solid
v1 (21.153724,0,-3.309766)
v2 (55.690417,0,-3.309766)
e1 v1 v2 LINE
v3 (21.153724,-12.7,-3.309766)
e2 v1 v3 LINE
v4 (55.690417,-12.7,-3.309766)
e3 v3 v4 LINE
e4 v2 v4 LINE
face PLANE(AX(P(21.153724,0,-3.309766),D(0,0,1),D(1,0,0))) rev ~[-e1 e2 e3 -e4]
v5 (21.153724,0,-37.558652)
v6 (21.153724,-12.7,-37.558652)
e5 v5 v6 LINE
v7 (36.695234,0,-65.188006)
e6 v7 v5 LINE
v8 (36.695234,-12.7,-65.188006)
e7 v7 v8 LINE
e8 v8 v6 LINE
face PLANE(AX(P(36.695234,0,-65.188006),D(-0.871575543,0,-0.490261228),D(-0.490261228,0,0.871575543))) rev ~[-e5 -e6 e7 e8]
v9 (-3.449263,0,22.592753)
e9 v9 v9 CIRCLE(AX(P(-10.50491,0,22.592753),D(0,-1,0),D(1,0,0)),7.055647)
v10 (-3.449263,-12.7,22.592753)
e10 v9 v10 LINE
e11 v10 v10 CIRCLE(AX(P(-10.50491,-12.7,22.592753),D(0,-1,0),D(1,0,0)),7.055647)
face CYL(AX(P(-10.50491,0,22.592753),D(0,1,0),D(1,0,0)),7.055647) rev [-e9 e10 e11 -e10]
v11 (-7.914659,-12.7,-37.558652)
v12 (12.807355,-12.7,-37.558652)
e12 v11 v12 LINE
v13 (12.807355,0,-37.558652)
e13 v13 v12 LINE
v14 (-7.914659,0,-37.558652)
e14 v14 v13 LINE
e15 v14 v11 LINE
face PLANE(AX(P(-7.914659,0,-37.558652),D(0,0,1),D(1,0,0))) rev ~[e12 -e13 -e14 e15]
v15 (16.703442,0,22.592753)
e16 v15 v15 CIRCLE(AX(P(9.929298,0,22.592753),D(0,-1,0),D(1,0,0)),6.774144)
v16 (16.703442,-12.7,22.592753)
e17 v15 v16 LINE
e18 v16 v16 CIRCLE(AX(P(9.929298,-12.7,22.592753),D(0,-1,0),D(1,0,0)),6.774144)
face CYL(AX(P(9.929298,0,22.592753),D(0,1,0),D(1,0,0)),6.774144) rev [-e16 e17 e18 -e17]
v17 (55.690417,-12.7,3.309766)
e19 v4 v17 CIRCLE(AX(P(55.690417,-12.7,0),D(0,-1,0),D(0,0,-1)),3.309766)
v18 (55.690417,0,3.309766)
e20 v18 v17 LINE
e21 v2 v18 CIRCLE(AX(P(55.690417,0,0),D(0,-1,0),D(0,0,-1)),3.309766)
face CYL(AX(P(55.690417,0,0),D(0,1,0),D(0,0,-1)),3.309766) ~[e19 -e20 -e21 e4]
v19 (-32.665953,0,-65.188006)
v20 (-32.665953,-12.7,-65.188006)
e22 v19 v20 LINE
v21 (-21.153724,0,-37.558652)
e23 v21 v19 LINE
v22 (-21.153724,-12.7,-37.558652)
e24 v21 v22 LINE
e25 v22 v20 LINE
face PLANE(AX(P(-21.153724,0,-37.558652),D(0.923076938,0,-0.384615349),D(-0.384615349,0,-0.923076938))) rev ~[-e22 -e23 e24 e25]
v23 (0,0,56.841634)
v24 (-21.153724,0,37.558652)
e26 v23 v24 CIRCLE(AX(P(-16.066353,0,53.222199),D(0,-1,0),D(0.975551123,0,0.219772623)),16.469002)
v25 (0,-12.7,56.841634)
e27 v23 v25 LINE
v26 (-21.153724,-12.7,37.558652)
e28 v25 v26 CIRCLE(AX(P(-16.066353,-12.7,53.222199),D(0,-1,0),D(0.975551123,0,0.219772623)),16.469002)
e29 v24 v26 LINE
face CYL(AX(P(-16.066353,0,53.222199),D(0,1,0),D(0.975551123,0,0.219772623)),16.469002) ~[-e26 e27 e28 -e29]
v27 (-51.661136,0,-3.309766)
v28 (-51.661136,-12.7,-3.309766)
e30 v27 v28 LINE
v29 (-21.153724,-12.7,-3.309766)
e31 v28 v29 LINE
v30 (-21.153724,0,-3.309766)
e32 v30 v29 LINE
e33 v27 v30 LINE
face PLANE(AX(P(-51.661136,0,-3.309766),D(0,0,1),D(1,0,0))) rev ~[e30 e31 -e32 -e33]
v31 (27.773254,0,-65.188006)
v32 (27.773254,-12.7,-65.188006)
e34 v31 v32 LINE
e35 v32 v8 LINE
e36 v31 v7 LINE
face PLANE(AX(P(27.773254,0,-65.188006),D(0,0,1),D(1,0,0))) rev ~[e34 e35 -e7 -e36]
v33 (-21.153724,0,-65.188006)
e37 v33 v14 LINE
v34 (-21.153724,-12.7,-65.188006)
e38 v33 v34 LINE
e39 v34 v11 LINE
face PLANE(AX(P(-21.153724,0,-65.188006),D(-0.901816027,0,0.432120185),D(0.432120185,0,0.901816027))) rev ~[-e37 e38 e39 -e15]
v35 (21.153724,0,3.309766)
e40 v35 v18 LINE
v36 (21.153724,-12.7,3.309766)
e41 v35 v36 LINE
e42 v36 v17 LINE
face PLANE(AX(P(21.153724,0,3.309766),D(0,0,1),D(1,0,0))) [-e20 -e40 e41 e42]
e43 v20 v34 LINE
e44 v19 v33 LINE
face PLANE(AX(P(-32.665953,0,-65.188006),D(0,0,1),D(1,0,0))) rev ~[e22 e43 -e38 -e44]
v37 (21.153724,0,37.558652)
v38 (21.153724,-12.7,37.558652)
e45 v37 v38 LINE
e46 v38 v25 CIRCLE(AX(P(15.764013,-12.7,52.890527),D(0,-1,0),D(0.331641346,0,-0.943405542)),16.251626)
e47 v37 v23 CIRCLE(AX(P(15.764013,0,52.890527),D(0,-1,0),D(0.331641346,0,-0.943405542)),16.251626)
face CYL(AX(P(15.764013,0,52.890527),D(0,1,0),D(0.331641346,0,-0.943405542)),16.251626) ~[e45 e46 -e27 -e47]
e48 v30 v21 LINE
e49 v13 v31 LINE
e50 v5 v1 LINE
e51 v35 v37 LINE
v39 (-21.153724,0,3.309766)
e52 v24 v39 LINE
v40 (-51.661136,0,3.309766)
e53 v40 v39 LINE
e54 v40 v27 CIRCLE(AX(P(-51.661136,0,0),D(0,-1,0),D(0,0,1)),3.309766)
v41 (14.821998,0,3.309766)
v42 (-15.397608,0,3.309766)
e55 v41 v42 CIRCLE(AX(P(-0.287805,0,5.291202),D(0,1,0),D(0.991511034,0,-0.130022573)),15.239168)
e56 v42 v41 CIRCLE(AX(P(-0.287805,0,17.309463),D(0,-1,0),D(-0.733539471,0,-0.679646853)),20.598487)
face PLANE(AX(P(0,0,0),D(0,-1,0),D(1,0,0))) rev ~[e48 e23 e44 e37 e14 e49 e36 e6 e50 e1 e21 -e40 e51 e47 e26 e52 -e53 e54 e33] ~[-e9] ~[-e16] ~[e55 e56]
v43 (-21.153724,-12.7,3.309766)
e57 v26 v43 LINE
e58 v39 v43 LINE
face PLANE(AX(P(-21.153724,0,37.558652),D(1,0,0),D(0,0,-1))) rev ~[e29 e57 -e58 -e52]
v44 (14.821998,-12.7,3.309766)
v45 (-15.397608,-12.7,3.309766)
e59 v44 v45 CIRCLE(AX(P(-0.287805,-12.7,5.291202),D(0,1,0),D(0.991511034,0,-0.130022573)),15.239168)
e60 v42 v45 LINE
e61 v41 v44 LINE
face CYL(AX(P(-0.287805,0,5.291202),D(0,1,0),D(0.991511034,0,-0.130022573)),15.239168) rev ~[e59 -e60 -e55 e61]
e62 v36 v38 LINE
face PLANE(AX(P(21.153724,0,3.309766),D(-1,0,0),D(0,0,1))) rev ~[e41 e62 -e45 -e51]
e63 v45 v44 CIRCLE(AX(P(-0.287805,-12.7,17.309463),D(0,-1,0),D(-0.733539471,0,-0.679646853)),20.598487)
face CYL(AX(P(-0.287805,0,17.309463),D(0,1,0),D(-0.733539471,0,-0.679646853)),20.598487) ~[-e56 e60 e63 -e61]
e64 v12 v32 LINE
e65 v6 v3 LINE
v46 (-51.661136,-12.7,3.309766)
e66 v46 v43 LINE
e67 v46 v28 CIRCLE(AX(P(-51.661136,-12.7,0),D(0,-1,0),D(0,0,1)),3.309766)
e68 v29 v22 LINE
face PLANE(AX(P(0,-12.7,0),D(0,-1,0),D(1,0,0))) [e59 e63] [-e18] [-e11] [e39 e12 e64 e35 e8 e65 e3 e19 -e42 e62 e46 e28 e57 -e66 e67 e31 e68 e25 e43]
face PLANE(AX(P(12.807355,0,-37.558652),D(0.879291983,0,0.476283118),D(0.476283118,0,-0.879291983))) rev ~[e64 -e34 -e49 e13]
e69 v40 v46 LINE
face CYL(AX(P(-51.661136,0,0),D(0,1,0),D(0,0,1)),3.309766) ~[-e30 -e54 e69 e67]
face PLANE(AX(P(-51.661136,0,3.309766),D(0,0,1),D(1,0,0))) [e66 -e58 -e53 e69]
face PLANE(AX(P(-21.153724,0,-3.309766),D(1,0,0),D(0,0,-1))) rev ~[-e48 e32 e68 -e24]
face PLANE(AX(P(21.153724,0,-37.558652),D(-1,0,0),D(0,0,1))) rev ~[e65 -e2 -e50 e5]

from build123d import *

# Parameters (mm, degrees)
F0_R     = 7.0556467167
F0_R_2   = 6.7741439951
F0_W     = 34.5366932452
F0_H     = 6.6195321269
F0_W_2   = 30.5074118078
F1_DEPTH = 12.7


with BuildPart() as f1:
    # F0 (on Front) → F1 (new body)
    with BuildSketch(Plane.XZ):
        Polygon((21.153723821, 3.3097660635), (21.153723821, 37.5586524606), (-21.153723821, 37.5586524606), (-21.153723821, 3.3097660635), (-21.153723821, -3.3097660635), (-21.153723821, -37.5586524606), (-7.9146586359, -37.5586524606), (12.8073552623, -37.5586524606), (21.153723821, -37.5586524606), (21.153723821, -3.3097660635), align=None)
        with BuildLine():
            ThreePointArc((14.8219978437, 3.3097660635), (-0.2878052182, -9.9479659681), (-15.3976082802, 3.3097660635))
            ThreePointArc((-15.3976082802, 3.3097660635), (-0.2878052182, -3.2890239903), (14.8219978437, 3.3097660635))
        make_face(mode=Mode.SUBTRACT)
        with Locations((-10.5049097911, 22.5927531719)):
            Circle(F0_R, mode=Mode.SUBTRACT)
        with Locations((9.9292984232, 22.5927531719)):
            Circle(F0_R_2, mode=Mode.SUBTRACT)
        with BuildLine():
            Line((-21.153723821, 37.5586524606), (21.153723821, 37.5586524606))
            ThreePointArc((21.153723821, 37.5586524606), (26.7122947255, 64.9009581732), (0, 56.8416342139))
            ThreePointArc((0, 56.8416342139), (-27.1610752257, 65.3932771972), (-21.153723821, 37.5586524606))
        make_face()
        with Locations((38.4220704436, 0)):
            Rectangle(F0_W, F0_H)
        with Locations((-36.4074297249, 0)):
            Rectangle(F0_W_2, F0_H)
        with BuildLine():
            ThreePointArc((55.6904170662, -3.3097660635), (59.0001831297, 0), (55.6904170662, 3.3097660635))
            Line((55.6904170662, 3.3097660635), (55.6904170662, -3.3097660635))
        make_face()
        with BuildLine():
            Line((-51.6611356288, -3.3097660635), (-51.6611356288, 3.3097660635))
            ThreePointArc((-51.6611356288, 3.3097660635), (-54.9709016923, 0), (-51.6611356288, -3.3097660635))
        make_face()
        Polygon((36.6952344775, -65.1880055666), (21.153723821, -37.5586524606), (12.8073552623, -37.5586524606), (27.7732536197, -65.1880055666), align=None)
        Polygon((-7.9146586359, -37.5586524606), (-21.153723821, -37.5586524606), (-32.6659530401, -65.1880055666), (-21.153723821, -65.1880055666), align=None)
    extrude(amount=F1_DEPTH)


solid = f1.part
